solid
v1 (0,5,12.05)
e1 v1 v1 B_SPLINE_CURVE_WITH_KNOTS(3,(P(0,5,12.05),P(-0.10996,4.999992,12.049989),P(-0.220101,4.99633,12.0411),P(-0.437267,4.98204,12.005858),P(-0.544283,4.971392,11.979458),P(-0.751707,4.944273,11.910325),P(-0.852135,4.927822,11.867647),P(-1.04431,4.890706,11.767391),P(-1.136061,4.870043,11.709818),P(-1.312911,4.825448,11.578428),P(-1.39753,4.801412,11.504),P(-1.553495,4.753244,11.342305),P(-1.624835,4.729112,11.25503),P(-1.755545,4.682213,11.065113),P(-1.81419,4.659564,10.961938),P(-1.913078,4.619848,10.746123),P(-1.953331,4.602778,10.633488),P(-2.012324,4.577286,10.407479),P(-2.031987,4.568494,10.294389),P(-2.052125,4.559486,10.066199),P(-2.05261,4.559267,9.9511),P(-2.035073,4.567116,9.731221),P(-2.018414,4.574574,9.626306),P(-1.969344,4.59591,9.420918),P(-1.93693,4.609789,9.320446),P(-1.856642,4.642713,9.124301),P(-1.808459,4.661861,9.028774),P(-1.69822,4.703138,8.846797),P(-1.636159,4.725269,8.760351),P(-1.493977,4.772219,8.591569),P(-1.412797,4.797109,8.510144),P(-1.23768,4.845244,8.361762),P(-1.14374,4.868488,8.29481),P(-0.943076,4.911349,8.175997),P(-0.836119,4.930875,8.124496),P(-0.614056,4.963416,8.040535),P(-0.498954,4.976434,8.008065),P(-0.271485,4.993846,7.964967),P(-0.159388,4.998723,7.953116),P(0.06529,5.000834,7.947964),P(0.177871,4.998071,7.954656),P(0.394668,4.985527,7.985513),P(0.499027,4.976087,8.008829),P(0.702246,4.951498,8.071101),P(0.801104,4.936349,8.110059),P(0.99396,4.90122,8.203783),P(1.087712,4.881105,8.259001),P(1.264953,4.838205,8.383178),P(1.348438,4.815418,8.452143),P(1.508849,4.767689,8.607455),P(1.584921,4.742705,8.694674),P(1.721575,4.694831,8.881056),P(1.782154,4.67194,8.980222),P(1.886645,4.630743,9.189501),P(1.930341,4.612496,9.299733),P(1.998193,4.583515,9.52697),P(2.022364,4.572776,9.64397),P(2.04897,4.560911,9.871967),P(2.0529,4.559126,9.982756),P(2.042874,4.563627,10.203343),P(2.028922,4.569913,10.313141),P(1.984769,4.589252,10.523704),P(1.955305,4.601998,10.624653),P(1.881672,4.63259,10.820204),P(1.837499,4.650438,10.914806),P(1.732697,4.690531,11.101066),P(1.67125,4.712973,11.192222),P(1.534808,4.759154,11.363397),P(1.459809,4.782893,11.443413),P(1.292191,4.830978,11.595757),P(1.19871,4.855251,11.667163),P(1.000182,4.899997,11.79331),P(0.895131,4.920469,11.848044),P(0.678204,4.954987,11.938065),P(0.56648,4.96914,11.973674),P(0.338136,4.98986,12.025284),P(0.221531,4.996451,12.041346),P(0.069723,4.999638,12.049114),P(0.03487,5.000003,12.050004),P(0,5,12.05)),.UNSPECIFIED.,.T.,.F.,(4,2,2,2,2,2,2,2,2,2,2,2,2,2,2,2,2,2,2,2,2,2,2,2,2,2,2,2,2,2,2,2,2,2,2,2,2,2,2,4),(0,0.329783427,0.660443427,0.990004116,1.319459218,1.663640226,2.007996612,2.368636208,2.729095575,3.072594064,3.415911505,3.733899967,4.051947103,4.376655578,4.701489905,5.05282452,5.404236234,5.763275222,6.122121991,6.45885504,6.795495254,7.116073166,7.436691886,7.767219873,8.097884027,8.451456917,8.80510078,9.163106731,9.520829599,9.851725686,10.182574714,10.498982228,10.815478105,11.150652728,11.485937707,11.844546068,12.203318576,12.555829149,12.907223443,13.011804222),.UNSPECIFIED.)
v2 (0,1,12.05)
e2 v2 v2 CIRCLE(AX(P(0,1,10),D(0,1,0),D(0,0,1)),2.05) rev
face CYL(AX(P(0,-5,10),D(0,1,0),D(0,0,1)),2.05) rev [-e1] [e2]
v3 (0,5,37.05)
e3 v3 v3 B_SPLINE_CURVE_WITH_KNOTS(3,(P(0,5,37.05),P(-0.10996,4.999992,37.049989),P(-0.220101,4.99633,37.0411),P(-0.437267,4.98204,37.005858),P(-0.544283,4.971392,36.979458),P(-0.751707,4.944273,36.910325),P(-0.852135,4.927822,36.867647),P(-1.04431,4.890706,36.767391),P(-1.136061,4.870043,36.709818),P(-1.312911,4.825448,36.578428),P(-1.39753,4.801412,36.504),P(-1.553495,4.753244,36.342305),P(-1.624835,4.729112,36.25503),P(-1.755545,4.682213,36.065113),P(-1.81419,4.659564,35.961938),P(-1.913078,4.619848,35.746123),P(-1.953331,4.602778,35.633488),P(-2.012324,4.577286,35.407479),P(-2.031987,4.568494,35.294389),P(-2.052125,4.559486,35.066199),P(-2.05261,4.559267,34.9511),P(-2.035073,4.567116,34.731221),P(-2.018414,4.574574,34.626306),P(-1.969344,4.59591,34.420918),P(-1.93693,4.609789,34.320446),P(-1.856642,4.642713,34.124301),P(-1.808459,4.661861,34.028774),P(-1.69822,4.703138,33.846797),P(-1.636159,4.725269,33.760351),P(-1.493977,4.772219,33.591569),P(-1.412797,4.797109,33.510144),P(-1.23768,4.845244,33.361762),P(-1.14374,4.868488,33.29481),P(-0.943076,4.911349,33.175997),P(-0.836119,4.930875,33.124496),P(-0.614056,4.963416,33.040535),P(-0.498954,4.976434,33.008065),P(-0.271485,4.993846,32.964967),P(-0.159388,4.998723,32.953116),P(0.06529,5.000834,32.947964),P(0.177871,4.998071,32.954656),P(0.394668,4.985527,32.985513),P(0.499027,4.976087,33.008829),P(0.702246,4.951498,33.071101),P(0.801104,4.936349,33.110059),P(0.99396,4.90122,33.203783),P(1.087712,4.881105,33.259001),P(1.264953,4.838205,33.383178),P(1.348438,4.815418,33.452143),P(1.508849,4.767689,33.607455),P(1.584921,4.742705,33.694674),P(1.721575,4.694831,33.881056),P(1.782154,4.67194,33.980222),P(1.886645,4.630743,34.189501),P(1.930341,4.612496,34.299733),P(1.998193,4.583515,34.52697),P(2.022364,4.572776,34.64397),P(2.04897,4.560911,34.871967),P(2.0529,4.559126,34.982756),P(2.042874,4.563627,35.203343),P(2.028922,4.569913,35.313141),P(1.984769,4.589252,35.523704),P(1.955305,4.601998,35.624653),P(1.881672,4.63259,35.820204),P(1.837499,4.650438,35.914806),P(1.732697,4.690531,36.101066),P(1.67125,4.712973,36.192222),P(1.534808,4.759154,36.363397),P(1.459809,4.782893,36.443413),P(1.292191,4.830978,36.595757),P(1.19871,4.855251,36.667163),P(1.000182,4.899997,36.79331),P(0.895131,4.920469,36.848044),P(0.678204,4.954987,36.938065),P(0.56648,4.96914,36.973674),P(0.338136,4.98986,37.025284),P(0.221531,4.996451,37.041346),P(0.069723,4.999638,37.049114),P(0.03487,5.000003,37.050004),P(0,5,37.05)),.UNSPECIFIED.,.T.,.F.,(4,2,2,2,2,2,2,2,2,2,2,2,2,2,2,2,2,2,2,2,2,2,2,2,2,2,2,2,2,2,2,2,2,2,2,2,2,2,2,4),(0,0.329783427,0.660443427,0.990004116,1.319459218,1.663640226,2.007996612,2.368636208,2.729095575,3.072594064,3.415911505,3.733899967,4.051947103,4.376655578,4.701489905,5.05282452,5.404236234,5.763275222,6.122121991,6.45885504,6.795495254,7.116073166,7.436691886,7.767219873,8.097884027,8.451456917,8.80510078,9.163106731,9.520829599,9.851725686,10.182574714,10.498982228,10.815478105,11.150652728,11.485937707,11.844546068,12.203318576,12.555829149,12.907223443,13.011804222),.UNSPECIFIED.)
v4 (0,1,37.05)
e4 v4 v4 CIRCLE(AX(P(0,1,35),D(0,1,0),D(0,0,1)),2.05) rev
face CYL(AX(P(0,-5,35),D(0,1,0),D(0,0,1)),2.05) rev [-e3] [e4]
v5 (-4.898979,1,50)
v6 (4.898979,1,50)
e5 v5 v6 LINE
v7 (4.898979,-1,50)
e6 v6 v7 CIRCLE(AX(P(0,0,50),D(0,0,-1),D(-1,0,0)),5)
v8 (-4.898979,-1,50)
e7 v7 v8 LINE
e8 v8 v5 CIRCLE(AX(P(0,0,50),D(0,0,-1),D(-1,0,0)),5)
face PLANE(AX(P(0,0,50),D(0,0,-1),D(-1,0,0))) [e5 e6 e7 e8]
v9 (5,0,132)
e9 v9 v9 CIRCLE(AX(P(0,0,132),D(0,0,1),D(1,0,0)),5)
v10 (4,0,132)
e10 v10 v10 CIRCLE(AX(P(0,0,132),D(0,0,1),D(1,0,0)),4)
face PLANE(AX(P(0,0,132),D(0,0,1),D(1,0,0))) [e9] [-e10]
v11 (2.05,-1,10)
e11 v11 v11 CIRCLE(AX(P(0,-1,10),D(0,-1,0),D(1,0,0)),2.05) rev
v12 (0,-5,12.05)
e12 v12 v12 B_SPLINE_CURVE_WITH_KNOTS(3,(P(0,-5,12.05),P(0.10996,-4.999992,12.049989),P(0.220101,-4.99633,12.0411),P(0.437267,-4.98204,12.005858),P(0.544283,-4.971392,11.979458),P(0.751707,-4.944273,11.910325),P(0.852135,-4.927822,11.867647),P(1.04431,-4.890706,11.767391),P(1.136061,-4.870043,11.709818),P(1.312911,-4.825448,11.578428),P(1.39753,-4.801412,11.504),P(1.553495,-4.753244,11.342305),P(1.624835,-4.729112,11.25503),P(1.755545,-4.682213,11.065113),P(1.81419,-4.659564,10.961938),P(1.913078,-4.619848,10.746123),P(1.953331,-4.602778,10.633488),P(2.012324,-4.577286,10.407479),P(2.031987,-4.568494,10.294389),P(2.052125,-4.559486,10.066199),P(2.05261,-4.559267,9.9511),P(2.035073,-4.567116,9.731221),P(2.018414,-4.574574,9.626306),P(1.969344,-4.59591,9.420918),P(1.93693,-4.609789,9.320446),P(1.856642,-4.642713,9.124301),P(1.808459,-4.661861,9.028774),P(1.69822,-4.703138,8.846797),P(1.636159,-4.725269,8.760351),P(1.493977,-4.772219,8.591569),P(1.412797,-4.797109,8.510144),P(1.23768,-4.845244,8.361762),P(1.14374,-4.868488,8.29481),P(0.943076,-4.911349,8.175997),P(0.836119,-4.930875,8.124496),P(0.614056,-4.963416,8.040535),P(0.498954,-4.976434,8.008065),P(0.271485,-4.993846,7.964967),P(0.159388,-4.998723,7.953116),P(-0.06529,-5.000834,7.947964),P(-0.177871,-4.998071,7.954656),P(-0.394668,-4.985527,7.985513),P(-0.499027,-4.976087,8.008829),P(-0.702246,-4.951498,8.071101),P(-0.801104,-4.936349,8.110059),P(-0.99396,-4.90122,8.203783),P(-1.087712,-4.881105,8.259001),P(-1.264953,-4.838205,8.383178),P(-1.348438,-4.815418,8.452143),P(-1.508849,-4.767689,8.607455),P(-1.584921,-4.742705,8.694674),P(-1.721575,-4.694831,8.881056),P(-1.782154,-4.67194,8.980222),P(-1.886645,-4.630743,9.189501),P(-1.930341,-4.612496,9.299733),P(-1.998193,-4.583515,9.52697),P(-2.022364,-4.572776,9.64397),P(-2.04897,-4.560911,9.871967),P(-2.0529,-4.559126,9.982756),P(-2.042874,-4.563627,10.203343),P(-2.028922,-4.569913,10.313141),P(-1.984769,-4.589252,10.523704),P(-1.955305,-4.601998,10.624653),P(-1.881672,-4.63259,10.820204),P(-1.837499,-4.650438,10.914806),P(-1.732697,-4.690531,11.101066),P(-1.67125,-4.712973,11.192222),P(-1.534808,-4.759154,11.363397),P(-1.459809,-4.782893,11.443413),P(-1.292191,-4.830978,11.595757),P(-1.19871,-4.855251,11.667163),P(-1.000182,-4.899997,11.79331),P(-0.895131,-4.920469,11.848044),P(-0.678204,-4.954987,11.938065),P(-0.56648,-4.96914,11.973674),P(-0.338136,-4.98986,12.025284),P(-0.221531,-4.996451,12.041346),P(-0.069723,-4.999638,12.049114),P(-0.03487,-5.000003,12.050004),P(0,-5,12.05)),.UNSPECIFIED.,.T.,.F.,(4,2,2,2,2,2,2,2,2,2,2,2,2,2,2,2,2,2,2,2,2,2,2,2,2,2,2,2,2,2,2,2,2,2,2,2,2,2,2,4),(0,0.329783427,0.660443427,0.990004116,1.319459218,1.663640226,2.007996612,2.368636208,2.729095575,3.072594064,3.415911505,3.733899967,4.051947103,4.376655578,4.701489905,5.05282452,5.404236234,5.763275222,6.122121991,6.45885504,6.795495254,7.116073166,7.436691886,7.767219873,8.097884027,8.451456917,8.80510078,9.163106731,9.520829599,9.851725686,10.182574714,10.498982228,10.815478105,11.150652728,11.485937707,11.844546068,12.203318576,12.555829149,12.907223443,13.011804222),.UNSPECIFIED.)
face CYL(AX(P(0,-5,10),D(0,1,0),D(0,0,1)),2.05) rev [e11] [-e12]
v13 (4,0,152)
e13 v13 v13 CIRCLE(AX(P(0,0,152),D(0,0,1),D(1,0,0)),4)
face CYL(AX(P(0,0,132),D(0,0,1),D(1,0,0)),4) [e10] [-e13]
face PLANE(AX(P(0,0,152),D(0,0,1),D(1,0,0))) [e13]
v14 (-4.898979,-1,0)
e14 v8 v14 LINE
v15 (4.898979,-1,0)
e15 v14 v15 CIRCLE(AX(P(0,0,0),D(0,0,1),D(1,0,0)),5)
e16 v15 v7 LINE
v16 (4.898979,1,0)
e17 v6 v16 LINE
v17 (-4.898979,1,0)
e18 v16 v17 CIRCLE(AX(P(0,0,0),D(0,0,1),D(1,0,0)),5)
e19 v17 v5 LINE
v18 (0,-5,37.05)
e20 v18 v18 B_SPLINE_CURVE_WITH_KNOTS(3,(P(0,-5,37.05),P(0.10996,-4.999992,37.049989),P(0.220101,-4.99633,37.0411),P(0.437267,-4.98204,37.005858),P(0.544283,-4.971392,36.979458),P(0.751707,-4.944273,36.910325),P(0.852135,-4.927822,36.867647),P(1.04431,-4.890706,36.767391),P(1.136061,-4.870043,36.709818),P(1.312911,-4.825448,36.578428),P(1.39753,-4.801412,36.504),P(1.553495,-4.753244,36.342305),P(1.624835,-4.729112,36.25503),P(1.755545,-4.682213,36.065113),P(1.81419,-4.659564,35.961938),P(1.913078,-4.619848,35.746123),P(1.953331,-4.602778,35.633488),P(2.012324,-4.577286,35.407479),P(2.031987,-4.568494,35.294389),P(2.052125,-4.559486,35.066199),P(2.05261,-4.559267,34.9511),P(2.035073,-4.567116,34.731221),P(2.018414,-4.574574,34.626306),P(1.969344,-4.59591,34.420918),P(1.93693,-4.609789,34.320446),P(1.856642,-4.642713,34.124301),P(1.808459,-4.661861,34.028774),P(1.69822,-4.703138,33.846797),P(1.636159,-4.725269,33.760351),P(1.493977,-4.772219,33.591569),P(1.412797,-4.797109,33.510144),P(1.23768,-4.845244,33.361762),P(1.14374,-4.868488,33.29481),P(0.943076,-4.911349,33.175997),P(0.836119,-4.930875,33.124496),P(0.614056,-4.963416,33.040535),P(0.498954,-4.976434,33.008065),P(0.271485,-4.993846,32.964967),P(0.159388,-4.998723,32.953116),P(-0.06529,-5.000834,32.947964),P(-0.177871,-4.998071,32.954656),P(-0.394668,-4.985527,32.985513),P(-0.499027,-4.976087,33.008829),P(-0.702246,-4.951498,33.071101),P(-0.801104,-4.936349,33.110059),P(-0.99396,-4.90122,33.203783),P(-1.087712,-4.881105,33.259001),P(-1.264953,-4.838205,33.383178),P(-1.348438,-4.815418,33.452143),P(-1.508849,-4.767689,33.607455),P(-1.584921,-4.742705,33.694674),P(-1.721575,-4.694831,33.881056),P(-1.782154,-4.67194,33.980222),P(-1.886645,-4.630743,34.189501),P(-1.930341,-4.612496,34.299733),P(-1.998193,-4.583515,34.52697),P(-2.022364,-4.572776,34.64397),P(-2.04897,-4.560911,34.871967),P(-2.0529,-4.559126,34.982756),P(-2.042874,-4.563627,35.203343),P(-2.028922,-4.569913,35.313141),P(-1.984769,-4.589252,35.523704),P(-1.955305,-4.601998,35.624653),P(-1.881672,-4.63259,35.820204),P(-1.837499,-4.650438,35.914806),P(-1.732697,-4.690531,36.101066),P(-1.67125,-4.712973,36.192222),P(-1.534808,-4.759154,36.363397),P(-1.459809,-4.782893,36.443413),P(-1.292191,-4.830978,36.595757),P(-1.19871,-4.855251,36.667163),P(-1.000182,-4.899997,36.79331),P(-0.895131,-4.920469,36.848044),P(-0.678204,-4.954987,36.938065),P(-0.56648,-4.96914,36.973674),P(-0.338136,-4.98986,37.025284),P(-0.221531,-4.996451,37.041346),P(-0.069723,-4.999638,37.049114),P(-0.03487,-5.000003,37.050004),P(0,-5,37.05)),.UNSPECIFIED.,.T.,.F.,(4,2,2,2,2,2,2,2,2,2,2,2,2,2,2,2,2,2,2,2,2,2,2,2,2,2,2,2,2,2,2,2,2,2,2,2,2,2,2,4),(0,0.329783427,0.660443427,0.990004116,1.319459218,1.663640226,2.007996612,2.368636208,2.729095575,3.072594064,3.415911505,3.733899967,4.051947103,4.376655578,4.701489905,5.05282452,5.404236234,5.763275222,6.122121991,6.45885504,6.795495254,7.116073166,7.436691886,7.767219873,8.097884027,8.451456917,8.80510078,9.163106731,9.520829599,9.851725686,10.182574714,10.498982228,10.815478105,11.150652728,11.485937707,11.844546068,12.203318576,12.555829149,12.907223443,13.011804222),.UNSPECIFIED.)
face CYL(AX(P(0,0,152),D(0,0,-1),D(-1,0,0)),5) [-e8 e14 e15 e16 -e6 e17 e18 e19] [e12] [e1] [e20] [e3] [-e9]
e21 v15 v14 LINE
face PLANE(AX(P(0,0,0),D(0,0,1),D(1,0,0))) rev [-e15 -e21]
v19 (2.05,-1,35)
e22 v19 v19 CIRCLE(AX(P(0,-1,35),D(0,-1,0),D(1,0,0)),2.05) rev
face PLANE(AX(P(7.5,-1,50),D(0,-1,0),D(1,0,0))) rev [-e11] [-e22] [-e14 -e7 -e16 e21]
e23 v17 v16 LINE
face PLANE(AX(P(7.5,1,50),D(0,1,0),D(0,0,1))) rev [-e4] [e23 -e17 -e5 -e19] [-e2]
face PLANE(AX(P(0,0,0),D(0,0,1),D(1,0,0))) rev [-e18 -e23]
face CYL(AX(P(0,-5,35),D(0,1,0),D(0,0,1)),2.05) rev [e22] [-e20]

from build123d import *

# Parameters (mm, degrees)
SKETCH1_R               = 5
BOSS_EXTRUDE1_DEPTH     = 152
CUT_EXTRUDE2_DEPTH      = 153.164384795
CUT_EXTRUDE2_DEPTH_BACK = 153.164384795
SKETCH3_R               = 2.05
SKETCH5_W               = 15
SKETCH5_H               = 2
CUT_EXTRUDE4_DEPTH      = 50
SKETCH6_OUTSIDE_W       = 42.532
SKETCH6_OUTSIDE_H       = 42.532
SKETCH6_OUTSIDE_R       = 4
CUT_EXTRUDE5_DEPTH      = 20


with BuildPart() as part:
    # Sketch1 → Boss-Extrude1 (new body)
    with BuildSketch(Plane.XY):
        Circle(SKETCH1_R)
    extrude(amount=BOSS_EXTRUDE1_DEPTH)

    # Sketch3 → Cut-Extrude2 (cut, two sides: drawn at the far end of the back side and taken through both)
    with BuildSketch(Plane(origin=(0, 0, 0), x_dir=(1, 0, 0), z_dir=(0, 1, 0)).offset(-CUT_EXTRUDE2_DEPTH_BACK)):
        with Locations(Location((0, -10, 0), (0, 0, 270))):
            Circle(SKETCH3_R)
        with Locations(Location((0, -35, 0), (0, 0, 270))):
            Circle(SKETCH3_R)
    extrude(amount=CUT_EXTRUDE2_DEPTH + CUT_EXTRUDE2_DEPTH_BACK, mode=Mode.SUBTRACT)

    # Sketch5 → Cut-Extrude4 (cut)
    with BuildSketch(Plane(origin=(0, 0, 0), x_dir=(-1, 0, 0), z_dir=(0, 0, -1))):
        Rectangle(SKETCH5_W, SKETCH5_H)
    extrude(amount=-CUT_EXTRUDE4_DEPTH, mode=Mode.SUBTRACT)

    # Sketch6 outside → Cut-Extrude5 (cut)
    with BuildSketch(Plane.XY.offset(152)):
        Rectangle(SKETCH6_OUTSIDE_W, SKETCH6_OUTSIDE_H)
        Circle(SKETCH6_OUTSIDE_R, mode=Mode.SUBTRACT)
    extrude(amount=-CUT_EXTRUDE5_DEPTH, mode=Mode.SUBTRACT)


solid = part.part
